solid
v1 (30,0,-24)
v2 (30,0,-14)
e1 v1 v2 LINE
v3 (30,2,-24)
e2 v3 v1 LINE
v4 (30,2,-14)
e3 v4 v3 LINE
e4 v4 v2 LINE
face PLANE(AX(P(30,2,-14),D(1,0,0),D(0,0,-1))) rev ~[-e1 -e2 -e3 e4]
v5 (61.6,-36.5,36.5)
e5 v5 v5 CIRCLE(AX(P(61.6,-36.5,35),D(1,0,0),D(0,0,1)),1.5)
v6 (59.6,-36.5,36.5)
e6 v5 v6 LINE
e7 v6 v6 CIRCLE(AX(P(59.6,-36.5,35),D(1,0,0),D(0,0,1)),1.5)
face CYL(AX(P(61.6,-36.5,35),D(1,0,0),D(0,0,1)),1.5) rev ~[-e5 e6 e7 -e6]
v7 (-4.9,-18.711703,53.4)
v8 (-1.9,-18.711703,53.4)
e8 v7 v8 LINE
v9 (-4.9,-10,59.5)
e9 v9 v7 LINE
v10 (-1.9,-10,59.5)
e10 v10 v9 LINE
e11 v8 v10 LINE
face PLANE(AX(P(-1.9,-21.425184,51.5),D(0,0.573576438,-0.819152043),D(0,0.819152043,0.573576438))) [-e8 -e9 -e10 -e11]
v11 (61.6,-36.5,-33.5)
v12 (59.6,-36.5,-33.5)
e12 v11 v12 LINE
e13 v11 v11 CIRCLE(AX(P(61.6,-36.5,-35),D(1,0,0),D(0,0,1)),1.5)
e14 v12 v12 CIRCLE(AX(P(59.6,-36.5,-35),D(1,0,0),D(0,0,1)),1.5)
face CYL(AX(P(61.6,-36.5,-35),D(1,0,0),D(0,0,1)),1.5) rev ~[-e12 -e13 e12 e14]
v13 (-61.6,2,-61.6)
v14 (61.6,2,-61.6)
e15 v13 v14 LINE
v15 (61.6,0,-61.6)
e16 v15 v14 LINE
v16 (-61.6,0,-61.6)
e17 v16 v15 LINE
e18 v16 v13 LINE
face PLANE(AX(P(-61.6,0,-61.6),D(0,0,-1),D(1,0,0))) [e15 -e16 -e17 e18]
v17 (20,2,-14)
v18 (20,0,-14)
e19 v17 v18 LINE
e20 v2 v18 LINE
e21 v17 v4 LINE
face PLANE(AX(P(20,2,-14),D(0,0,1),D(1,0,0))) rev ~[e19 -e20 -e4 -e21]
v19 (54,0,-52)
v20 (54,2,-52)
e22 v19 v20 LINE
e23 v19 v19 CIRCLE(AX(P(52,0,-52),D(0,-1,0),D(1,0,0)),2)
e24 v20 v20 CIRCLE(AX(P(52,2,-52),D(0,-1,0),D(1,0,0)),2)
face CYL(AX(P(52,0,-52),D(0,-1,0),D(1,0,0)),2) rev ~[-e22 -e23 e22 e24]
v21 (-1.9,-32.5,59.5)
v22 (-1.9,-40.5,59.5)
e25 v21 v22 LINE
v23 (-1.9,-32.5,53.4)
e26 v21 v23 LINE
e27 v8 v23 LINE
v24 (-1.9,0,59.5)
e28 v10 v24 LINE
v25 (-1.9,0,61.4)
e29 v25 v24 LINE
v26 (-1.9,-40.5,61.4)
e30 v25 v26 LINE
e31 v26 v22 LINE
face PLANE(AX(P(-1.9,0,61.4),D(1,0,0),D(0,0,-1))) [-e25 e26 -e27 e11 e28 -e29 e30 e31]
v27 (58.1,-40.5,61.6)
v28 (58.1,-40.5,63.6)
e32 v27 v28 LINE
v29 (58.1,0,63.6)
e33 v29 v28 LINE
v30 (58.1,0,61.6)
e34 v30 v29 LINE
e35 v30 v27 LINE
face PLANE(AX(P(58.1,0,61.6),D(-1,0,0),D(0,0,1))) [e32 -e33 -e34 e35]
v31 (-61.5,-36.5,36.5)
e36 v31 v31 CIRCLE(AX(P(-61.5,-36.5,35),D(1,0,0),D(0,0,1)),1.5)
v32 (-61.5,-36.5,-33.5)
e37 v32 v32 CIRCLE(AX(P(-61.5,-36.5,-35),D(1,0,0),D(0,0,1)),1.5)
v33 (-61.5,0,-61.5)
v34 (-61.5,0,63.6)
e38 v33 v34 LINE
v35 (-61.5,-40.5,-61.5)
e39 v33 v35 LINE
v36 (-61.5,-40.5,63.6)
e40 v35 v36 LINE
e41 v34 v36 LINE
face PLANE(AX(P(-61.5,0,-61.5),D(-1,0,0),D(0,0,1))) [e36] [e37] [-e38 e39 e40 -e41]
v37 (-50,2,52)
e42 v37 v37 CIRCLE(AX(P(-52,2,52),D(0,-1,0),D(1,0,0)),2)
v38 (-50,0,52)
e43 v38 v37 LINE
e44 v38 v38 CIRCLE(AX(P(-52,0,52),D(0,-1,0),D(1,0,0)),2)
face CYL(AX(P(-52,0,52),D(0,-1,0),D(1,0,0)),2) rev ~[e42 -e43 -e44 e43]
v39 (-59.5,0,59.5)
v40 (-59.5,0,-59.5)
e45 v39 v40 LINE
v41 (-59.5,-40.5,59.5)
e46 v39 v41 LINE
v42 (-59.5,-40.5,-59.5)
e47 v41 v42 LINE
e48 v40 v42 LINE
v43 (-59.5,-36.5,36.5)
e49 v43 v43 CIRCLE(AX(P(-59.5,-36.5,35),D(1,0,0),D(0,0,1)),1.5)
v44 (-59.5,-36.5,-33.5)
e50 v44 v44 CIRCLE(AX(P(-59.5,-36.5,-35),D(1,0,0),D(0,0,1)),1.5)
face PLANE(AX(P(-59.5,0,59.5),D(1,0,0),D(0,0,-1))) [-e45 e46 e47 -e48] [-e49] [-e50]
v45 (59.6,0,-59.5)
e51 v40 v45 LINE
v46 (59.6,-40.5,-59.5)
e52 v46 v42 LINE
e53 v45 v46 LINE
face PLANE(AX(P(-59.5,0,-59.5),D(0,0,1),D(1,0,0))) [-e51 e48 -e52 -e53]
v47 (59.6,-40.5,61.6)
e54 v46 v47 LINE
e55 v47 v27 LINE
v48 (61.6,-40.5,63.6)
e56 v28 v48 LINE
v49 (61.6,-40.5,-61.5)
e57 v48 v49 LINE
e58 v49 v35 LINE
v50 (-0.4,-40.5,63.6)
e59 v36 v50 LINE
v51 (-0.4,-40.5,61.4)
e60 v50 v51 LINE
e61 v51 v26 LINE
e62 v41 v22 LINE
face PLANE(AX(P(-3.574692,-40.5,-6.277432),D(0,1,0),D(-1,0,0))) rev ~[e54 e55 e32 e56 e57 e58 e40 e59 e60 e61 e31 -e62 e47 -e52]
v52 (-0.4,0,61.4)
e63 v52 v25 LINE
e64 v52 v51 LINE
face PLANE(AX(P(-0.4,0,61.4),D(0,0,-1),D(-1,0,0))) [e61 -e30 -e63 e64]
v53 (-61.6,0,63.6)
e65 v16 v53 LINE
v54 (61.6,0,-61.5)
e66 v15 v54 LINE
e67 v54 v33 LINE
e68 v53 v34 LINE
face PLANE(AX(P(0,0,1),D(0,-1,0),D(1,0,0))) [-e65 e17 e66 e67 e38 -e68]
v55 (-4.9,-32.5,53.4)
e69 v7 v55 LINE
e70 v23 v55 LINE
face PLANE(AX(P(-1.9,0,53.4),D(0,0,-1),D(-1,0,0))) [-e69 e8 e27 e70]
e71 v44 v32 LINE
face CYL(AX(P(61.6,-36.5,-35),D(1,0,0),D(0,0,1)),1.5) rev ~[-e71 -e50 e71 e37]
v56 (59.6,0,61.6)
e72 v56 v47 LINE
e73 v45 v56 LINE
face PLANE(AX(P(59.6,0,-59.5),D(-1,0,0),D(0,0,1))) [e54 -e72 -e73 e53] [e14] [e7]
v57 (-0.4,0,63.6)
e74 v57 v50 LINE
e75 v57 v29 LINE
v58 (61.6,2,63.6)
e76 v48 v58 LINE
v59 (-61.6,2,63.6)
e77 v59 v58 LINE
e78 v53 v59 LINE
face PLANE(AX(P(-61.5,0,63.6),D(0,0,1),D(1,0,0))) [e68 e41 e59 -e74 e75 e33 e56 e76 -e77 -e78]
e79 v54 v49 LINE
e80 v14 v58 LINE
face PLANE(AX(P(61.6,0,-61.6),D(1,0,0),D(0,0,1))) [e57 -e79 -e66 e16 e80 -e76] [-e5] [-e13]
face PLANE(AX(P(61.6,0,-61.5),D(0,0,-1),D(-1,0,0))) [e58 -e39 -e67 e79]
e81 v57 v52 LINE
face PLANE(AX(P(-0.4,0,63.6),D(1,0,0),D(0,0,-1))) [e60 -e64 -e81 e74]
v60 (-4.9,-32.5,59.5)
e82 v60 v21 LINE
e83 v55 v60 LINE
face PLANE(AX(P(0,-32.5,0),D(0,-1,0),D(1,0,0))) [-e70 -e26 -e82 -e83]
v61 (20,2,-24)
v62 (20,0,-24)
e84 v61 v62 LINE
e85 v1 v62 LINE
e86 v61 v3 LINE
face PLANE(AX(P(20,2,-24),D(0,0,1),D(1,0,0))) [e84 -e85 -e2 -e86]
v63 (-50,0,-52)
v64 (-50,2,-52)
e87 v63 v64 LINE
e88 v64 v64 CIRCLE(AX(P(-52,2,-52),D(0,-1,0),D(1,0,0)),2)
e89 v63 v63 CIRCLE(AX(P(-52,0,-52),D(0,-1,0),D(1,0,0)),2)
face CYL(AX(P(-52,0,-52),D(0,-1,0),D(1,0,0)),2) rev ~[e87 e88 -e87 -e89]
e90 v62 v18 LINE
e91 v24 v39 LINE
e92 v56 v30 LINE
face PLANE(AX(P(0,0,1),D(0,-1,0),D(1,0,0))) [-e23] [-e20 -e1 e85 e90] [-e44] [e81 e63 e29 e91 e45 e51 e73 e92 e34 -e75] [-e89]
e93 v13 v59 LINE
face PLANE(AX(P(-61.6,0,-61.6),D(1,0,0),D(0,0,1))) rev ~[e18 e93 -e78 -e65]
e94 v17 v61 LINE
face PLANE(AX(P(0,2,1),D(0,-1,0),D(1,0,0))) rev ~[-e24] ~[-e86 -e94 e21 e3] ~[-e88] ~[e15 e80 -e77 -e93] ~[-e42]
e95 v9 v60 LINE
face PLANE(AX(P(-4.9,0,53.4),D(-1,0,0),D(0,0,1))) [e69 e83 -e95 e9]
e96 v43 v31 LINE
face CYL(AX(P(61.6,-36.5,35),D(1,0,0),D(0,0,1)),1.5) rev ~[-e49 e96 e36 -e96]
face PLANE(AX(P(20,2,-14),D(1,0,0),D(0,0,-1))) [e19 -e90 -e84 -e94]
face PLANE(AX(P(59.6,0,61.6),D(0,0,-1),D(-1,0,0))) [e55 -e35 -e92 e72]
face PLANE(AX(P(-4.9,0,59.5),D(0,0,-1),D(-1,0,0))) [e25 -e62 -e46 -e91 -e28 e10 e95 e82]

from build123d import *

# Parameters (mm, degrees)
SKETCH004_W     = 123.2
SKETCH004_H     = 125.2
SKETCH004_R     = 2
PAD002_DEPTH    = 2
PAD003_DEPTH    = 40.5
SKETCH014_W     = 119
SKETCH014_H     = 119
POCKET002_DEPTH = 8.001
SKETCH015_R     = 1.5
POCKET003_DEPTH = 123.201
SKETCH036_W     = 10
SKETCH036_H     = 10
POCKET014_DEPTH = 5
POCKET015_DEPTH = 5


with BuildPart() as part:
    # Sketch004 → Pad002 (new body)
    with BuildSketch(Plane.XZ):
        with Locations((0, 1)):
            Rectangle(SKETCH004_W, SKETCH004_H)
        with Locations((-52, 52)):
            Circle(SKETCH004_R, mode=Mode.SUBTRACT)
        with Locations((-52, -52)):
            Circle(SKETCH004_R, mode=Mode.SUBTRACT)
        with Locations((52, -52)):
            Circle(SKETCH004_R, mode=Mode.SUBTRACT)
    extrude(amount=-PAD002_DEPTH)

    # Sketch005 (on Face8 of Pad002) → Pad003 (join)
    with BuildSketch(Plane.XZ):
        Polygon((-61.5, 63.6), (-0.4, 63.6), (-0.4, 61.4), (-1.9, 61.4), (-1.9, 53.4), (-4.9, 53.4), (-4.9, 59.5), (-59.5, 59.5), (-59.5, -59.5), (59.6, -59.5), (59.6, 61.6), (58.1, 61.6), (58.1, 63.6), (61.6, 63.6), (61.6, -61.5), (-61.5, -61.5), align=None)
    extrude(amount=PAD003_DEPTH)

    # Sketch014 → Pocket002 (cut, through all)
    with BuildSketch(Plane.XZ.offset(32.5)):
        Rectangle(SKETCH014_W, SKETCH014_H)
    extrude(amount=POCKET002_DEPTH, mode=Mode.SUBTRACT)

    # Sketch015 (on Face15 of Pocket002) → Pocket003 (cut, through all)
    with BuildSketch(Plane(origin=(61.6, 0, 0), x_dir=(0, 0, 1), z_dir=(1, 0, 0))):
        with Locations((-35, 36.5)):
            Circle(SKETCH015_R)
        with Locations((35, 36.5)):
            Circle(SKETCH015_R)
    extrude(amount=-POCKET003_DEPTH, mode=Mode.SUBTRACT)

    # Sketch036 → Pocket014 (cut)
    with BuildSketch(Plane(origin=(0, 2, 0), x_dir=(1, 0, 0), z_dir=(0, 1, 0))):
        with Locations((25, 19)):
            Rectangle(SKETCH036_W, SKETCH036_H)
    extrude(amount=-POCKET014_DEPTH, mode=Mode.SUBTRACT)

    # Sketch040 (on Face24 of Pocket014) → Pocket015 (cut)
    with BuildSketch(Plane(origin=(-1.9, 0, 0), x_dir=(0, 0, 1), z_dir=(1, 0, 0))):
        Polygon((59.5, 0), (53.4, 0), (51.5, 21.425184), (59.5, 10), align=None)
    extrude(amount=-POCKET015_DEPTH, mode=Mode.SUBTRACT)


solid = part.part
